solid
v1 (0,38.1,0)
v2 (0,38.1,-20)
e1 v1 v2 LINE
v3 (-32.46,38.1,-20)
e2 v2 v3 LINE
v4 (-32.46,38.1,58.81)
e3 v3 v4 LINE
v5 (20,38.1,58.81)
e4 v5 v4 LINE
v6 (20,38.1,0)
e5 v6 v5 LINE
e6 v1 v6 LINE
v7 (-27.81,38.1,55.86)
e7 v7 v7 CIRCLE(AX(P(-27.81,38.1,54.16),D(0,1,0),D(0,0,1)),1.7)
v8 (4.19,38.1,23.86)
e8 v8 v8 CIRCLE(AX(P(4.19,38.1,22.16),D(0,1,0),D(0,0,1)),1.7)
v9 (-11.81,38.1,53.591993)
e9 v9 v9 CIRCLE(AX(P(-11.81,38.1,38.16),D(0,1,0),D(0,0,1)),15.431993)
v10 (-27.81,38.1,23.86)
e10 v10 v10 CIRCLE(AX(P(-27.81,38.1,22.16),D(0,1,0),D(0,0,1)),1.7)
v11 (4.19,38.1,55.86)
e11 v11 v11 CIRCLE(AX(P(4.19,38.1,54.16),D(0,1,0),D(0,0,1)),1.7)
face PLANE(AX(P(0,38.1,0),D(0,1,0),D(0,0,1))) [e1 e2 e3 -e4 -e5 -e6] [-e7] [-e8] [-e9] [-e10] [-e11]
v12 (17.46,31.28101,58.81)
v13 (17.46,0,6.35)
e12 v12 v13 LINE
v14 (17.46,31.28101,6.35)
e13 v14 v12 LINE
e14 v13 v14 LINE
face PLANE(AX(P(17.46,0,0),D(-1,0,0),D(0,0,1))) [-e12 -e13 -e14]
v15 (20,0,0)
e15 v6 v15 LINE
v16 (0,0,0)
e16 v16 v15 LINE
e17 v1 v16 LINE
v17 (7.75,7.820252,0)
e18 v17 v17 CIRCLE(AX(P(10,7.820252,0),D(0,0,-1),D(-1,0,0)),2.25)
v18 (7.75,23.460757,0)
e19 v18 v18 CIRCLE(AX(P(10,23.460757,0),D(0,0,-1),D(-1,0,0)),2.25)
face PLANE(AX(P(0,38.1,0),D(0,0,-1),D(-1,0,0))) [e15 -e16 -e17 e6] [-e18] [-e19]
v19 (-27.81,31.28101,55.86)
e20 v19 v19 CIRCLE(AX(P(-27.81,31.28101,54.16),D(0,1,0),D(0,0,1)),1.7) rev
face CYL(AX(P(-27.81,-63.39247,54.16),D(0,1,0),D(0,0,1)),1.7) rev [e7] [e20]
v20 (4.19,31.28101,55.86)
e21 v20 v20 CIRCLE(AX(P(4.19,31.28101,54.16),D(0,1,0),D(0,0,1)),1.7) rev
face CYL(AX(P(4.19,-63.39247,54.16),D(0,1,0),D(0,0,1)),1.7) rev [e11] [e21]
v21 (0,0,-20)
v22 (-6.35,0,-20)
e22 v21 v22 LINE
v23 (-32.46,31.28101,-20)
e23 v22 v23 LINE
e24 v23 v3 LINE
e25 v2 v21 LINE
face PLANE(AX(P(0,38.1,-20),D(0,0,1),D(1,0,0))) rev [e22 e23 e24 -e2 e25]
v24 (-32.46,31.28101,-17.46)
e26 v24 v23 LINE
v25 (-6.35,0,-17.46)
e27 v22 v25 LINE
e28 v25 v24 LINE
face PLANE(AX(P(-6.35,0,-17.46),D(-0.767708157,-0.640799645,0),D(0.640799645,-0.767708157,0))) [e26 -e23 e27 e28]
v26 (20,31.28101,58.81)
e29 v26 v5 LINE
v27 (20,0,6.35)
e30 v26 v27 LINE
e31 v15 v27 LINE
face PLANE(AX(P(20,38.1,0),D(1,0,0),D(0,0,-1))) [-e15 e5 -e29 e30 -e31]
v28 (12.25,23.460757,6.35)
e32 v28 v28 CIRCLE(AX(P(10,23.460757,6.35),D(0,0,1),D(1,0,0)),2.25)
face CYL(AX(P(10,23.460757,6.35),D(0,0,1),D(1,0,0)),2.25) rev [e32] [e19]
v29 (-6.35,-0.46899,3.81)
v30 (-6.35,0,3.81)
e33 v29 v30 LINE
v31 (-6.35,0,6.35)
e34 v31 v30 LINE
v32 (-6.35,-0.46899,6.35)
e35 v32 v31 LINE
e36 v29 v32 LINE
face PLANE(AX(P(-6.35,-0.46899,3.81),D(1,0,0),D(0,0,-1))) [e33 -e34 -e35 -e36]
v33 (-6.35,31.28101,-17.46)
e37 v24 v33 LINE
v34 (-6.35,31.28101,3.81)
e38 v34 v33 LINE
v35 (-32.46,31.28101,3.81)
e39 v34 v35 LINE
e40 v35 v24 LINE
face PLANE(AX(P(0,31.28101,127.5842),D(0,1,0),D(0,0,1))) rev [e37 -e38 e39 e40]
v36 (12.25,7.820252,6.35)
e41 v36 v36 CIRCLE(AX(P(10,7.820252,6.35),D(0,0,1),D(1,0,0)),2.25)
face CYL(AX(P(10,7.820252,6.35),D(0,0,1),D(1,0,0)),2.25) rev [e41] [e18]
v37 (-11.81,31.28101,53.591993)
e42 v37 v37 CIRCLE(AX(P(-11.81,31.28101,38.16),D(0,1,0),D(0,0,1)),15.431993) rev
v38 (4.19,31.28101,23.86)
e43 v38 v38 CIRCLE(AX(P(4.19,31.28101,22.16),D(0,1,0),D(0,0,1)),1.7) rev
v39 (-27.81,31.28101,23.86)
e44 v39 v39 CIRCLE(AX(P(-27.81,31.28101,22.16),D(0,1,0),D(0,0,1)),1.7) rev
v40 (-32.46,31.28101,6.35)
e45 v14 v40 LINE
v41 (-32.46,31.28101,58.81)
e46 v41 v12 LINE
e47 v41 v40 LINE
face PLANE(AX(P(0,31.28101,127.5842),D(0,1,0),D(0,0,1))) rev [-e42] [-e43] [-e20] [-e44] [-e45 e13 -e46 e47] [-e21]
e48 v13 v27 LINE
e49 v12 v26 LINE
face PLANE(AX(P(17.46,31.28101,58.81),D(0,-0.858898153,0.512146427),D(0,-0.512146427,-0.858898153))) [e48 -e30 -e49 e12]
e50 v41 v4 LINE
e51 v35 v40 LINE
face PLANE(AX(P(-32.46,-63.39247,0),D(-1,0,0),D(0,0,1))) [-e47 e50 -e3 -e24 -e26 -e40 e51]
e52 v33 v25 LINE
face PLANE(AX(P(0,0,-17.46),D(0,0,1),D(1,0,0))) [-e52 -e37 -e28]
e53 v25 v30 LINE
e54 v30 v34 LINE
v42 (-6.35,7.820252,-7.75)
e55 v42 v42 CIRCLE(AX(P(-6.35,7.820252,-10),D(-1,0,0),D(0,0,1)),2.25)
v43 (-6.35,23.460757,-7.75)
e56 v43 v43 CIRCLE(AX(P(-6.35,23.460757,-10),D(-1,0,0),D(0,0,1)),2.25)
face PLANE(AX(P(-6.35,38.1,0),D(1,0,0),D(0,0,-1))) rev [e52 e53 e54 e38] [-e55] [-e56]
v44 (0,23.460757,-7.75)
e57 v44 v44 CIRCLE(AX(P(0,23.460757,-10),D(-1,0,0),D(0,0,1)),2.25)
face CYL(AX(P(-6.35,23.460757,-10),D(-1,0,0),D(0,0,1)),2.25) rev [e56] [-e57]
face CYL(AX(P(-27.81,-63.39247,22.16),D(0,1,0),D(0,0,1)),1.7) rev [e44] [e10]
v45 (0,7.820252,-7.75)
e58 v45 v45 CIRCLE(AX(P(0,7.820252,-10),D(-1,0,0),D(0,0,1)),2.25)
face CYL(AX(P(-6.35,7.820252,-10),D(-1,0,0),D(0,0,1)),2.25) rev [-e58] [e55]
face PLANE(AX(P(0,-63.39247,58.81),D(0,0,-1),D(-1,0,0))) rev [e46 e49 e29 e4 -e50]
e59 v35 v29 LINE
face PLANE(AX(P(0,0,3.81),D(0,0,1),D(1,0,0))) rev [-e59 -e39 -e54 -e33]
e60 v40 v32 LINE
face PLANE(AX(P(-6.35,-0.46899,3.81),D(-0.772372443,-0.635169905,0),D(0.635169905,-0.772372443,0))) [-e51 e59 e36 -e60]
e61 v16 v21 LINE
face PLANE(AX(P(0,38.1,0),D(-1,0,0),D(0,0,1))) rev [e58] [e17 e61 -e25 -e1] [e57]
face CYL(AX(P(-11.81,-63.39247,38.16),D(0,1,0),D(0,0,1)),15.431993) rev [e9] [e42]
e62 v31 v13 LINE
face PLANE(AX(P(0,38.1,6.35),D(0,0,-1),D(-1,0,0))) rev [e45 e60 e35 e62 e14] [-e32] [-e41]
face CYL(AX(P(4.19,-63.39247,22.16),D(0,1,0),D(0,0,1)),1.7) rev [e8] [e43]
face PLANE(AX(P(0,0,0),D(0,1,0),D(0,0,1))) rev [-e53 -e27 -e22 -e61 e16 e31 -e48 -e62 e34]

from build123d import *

# Parameters (mm, degrees)
SKETCH1_W            = 20
SKETCH1_H            = 6.35
SKETCH1_W_2          = 6.35
SKETCH1_H_2          = 20
BOSS_EXTRUDE1_DEPTH  = 38.1
SKETCH2_W            = 26.11
SKETCH2_H            = 26.35
BOSS_EXTRUDE2_DEPTH  = 6.81899017
BOSS_EXTRUDE3_DEPTH  = 2.54
BOSS_EXTRUDE4_DEPTH  = 2.54
BOSS_EXTRUDE5_DEPTH  = 2.54
M4_CLEARANCE_HOLE1_D = 4.5
M4_CLEARANCE_HOLE2_D = 4.5


with BuildPart() as part:
    # Sketch1 → Boss-Extrude1 (new body)
    with BuildSketch(Plane(origin=(0, 0, 0), x_dir=(1, 0, 0), z_dir=(0, 1, 0))):
        with Locations((10, -3.175)):
            Rectangle(SKETCH1_W, SKETCH1_H)
        with Locations((-3.175, -3.175)):
            Rectangle(SKETCH1_W_2, SKETCH1_H)
        with Locations((-3.175, 10)):
            Rectangle(SKETCH1_W_2, SKETCH1_H_2)
    extrude(amount=BOSS_EXTRUDE1_DEPTH)

    # Sketch2 → Boss-Extrude2 (add)
    with BuildSketch(Plane(origin=(0, 38.1, 0), x_dir=(1, 0, 0), z_dir=(0, 1, 0))):
        with BuildLine():
            Line((-32.46, -58.81), (8.84, -58.81))
            Line((8.84, -58.81), (5.392081528, -55.362081528))
            ThreePointArc((5.392081528, -55.362081528), (3.539438165, -55.730595205), (2.49, -54.16))
            Line((2.49, -54.16), (-26.11, -54.16))
            ThreePointArc((-26.11, -54.16), (-27.159438165, -55.730595205), (-29.012081528, -55.362081528))
            Line((-29.012081528, -55.362081528), (-32.46, -58.81))
        make_face()
        with BuildLine():
            Line((5.392081528, -55.362081528), (8.84, -58.81))
            Line((8.84, -58.81), (8.84, -17.51))
            Line((8.84, -17.51), (5.392081528, -20.957918472))
            ThreePointArc((5.392081528, -20.957918472), (5.760595205, -21.509438165), (5.89, -22.16))
            ThreePointArc((5.89, -22.16), (5.392081528, -23.362081528), (4.19, -23.86))
            Line((4.19, -23.86), (4.19, -52.46))
            ThreePointArc((4.19, -52.46), (5.392081528, -52.957918472), (5.89, -54.16))
            ThreePointArc((5.89, -54.16), (5.760595205, -54.810561835), (5.392081528, -55.362081528))
        make_face()
        Polygon((20, -58.81), (20, -6.35), (-6.35, -6.35), (-32.46, -6.35), (-32.46, -17.51), (8.84, -17.51), (8.84, -58.81), align=None)
        with Locations((-19.405, 6.825)):
            Rectangle(SKETCH2_W, SKETCH2_H)
        with BuildLine():
            Line((8.84, -17.51), (-32.46, -17.51))
            Line((-32.46, -17.51), (-29.012081528, -20.957918472))
            ThreePointArc((-29.012081528, -20.957918472), (-27.159438165, -20.589404795), (-26.11, -22.16))
            Line((-26.11, -22.16), (2.49, -22.16))
            ThreePointArc((2.49, -22.16), (3.539438165, -20.589404795), (5.392081528, -20.957918472))
            Line((5.392081528, -20.957918472), (8.84, -17.51))
        make_face()
        with BuildLine():
            Line((-29.012081528, -20.957918472), (-32.46, -17.51))
            Line((-32.46, -17.51), (-32.46, -58.81))
            Line((-32.46, -58.81), (-29.012081528, -55.362081528))
            ThreePointArc((-29.012081528, -55.362081528), (-29.380595205, -53.509438165), (-27.81, -52.46))
            Line((-27.81, -52.46), (-27.81, -23.86))
            ThreePointArc((-27.81, -23.86), (-29.380595205, -22.810561835), (-29.012081528, -20.957918472))
        make_face()
        with BuildLine():
            ThreePointArc((-26.607918472, -23.362081528), (-27.159438165, -23.730595205), (-27.81, -23.86))
            Line((-27.81, -23.86), (-27.81, -52.46))
            ThreePointArc((-27.81, -52.46), (-27.159438165, -52.589404795), (-26.607918472, -52.957918472))
            Line((-26.607918472, -52.957918472), (-22.7220672, -49.0720672))
            ThreePointArc((-22.7220672, -49.0720672), (-27.241993428, -38.16), (-22.7220672, -27.2479328))
            Line((-22.7220672, -27.2479328), (-26.607918472, -23.362081528))
        make_face()
        with BuildLine():
            Line((2.49, -22.16), (-26.11, -22.16))
            ThreePointArc((-26.11, -22.16), (-26.239404795, -22.810561835), (-26.607918472, -23.362081528))
            Line((-26.607918472, -23.362081528), (-22.7220672, -27.2479328))
            ThreePointArc((-22.7220672, -27.2479328), (-11.81, -22.728006572), (-0.8979328, -27.2479328))
            Line((-0.8979328, -27.2479328), (2.987918472, -23.362081528))
            ThreePointArc((2.987918472, -23.362081528), (2.619404795, -22.810561835), (2.49, -22.16))
        make_face()
        with BuildLine():
            Line((-0.8979328, -49.0720672), (2.987918472, -52.957918472))
            ThreePointArc((2.987918472, -52.957918472), (3.539438165, -52.589404795), (4.19, -52.46))
            Line((4.19, -52.46), (4.19, -23.86))
            ThreePointArc((4.19, -23.86), (3.539438165, -23.730595205), (2.987918472, -23.362081528))
            Line((2.987918472, -23.362081528), (-0.8979328, -27.2479328))
            ThreePointArc((-0.8979328, -27.2479328), (2.447302874, -32.254431787), (3.621993428, -38.16))
            ThreePointArc((3.621993428, -38.16), (2.447302874, -44.065568213), (-0.8979328, -49.0720672))
        make_face()
        with BuildLine():
            Line((-26.11, -54.16), (2.49, -54.16))
            ThreePointArc((2.49, -54.16), (2.619404795, -53.509438165), (2.987918472, -52.957918472))
            Line((2.987918472, -52.957918472), (-0.8979328, -49.0720672))
            ThreePointArc((-0.8979328, -49.0720672), (-11.81, -53.591993428), (-22.7220672, -49.0720672))
            Line((-22.7220672, -49.0720672), (-26.607918472, -52.957918472))
            ThreePointArc((-26.607918472, -52.957918472), (-26.239404795, -53.509438165), (-26.11, -54.16))
        make_face()
    extrude(amount=-BOSS_EXTRUDE2_DEPTH)

    # Sketch3 → Boss-Extrude3 (add)
    with BuildSketch(Plane(origin=(20, 0, 0), x_dir=(0, 0, -1), z_dir=(1, 0, 0))):
        Polygon((-58.81, 31.28100983), (-6.35, 0), (-6.35, 31.28100983), align=None)
    extrude(amount=-BOSS_EXTRUDE3_DEPTH)

    # Sketch4 → Boss-Extrude4 (add)
    with BuildSketch(Plane(origin=(0, 0, -20), x_dir=(-1, 0, 0), z_dir=(0, 0, -1))):
        Polygon((6.35, 0), (32.46, 31.28100983), (6.35, 31.28100983), align=None)
    extrude(amount=-BOSS_EXTRUDE4_DEPTH)

    # Sketch5 → Boss-Extrude5 (add)
    with BuildSketch(Plane.XY.offset(6.35)):
        Polygon((-6.35, -0.46899017), (-32.46, 31.28100983), (-6.35, 31.28100983), align=None)
    extrude(amount=-BOSS_EXTRUDE5_DEPTH)

    # M4 Clearance Hole1 (through all)
    with Locations(Plane.ZY.offset(6.35)):
        with Locations((-10, 23.460757372), (-10, 7.820252457)):
            Hole(M4_CLEARANCE_HOLE1_D / 2)

    # M4 Clearance Hole2 (through all)
    with Locations(Plane.XY.offset(6.35)):
        with Locations((10, 7.820252457), (10, 23.460757372)):
            Hole(M4_CLEARANCE_HOLE2_D / 2)


solid = part.part
